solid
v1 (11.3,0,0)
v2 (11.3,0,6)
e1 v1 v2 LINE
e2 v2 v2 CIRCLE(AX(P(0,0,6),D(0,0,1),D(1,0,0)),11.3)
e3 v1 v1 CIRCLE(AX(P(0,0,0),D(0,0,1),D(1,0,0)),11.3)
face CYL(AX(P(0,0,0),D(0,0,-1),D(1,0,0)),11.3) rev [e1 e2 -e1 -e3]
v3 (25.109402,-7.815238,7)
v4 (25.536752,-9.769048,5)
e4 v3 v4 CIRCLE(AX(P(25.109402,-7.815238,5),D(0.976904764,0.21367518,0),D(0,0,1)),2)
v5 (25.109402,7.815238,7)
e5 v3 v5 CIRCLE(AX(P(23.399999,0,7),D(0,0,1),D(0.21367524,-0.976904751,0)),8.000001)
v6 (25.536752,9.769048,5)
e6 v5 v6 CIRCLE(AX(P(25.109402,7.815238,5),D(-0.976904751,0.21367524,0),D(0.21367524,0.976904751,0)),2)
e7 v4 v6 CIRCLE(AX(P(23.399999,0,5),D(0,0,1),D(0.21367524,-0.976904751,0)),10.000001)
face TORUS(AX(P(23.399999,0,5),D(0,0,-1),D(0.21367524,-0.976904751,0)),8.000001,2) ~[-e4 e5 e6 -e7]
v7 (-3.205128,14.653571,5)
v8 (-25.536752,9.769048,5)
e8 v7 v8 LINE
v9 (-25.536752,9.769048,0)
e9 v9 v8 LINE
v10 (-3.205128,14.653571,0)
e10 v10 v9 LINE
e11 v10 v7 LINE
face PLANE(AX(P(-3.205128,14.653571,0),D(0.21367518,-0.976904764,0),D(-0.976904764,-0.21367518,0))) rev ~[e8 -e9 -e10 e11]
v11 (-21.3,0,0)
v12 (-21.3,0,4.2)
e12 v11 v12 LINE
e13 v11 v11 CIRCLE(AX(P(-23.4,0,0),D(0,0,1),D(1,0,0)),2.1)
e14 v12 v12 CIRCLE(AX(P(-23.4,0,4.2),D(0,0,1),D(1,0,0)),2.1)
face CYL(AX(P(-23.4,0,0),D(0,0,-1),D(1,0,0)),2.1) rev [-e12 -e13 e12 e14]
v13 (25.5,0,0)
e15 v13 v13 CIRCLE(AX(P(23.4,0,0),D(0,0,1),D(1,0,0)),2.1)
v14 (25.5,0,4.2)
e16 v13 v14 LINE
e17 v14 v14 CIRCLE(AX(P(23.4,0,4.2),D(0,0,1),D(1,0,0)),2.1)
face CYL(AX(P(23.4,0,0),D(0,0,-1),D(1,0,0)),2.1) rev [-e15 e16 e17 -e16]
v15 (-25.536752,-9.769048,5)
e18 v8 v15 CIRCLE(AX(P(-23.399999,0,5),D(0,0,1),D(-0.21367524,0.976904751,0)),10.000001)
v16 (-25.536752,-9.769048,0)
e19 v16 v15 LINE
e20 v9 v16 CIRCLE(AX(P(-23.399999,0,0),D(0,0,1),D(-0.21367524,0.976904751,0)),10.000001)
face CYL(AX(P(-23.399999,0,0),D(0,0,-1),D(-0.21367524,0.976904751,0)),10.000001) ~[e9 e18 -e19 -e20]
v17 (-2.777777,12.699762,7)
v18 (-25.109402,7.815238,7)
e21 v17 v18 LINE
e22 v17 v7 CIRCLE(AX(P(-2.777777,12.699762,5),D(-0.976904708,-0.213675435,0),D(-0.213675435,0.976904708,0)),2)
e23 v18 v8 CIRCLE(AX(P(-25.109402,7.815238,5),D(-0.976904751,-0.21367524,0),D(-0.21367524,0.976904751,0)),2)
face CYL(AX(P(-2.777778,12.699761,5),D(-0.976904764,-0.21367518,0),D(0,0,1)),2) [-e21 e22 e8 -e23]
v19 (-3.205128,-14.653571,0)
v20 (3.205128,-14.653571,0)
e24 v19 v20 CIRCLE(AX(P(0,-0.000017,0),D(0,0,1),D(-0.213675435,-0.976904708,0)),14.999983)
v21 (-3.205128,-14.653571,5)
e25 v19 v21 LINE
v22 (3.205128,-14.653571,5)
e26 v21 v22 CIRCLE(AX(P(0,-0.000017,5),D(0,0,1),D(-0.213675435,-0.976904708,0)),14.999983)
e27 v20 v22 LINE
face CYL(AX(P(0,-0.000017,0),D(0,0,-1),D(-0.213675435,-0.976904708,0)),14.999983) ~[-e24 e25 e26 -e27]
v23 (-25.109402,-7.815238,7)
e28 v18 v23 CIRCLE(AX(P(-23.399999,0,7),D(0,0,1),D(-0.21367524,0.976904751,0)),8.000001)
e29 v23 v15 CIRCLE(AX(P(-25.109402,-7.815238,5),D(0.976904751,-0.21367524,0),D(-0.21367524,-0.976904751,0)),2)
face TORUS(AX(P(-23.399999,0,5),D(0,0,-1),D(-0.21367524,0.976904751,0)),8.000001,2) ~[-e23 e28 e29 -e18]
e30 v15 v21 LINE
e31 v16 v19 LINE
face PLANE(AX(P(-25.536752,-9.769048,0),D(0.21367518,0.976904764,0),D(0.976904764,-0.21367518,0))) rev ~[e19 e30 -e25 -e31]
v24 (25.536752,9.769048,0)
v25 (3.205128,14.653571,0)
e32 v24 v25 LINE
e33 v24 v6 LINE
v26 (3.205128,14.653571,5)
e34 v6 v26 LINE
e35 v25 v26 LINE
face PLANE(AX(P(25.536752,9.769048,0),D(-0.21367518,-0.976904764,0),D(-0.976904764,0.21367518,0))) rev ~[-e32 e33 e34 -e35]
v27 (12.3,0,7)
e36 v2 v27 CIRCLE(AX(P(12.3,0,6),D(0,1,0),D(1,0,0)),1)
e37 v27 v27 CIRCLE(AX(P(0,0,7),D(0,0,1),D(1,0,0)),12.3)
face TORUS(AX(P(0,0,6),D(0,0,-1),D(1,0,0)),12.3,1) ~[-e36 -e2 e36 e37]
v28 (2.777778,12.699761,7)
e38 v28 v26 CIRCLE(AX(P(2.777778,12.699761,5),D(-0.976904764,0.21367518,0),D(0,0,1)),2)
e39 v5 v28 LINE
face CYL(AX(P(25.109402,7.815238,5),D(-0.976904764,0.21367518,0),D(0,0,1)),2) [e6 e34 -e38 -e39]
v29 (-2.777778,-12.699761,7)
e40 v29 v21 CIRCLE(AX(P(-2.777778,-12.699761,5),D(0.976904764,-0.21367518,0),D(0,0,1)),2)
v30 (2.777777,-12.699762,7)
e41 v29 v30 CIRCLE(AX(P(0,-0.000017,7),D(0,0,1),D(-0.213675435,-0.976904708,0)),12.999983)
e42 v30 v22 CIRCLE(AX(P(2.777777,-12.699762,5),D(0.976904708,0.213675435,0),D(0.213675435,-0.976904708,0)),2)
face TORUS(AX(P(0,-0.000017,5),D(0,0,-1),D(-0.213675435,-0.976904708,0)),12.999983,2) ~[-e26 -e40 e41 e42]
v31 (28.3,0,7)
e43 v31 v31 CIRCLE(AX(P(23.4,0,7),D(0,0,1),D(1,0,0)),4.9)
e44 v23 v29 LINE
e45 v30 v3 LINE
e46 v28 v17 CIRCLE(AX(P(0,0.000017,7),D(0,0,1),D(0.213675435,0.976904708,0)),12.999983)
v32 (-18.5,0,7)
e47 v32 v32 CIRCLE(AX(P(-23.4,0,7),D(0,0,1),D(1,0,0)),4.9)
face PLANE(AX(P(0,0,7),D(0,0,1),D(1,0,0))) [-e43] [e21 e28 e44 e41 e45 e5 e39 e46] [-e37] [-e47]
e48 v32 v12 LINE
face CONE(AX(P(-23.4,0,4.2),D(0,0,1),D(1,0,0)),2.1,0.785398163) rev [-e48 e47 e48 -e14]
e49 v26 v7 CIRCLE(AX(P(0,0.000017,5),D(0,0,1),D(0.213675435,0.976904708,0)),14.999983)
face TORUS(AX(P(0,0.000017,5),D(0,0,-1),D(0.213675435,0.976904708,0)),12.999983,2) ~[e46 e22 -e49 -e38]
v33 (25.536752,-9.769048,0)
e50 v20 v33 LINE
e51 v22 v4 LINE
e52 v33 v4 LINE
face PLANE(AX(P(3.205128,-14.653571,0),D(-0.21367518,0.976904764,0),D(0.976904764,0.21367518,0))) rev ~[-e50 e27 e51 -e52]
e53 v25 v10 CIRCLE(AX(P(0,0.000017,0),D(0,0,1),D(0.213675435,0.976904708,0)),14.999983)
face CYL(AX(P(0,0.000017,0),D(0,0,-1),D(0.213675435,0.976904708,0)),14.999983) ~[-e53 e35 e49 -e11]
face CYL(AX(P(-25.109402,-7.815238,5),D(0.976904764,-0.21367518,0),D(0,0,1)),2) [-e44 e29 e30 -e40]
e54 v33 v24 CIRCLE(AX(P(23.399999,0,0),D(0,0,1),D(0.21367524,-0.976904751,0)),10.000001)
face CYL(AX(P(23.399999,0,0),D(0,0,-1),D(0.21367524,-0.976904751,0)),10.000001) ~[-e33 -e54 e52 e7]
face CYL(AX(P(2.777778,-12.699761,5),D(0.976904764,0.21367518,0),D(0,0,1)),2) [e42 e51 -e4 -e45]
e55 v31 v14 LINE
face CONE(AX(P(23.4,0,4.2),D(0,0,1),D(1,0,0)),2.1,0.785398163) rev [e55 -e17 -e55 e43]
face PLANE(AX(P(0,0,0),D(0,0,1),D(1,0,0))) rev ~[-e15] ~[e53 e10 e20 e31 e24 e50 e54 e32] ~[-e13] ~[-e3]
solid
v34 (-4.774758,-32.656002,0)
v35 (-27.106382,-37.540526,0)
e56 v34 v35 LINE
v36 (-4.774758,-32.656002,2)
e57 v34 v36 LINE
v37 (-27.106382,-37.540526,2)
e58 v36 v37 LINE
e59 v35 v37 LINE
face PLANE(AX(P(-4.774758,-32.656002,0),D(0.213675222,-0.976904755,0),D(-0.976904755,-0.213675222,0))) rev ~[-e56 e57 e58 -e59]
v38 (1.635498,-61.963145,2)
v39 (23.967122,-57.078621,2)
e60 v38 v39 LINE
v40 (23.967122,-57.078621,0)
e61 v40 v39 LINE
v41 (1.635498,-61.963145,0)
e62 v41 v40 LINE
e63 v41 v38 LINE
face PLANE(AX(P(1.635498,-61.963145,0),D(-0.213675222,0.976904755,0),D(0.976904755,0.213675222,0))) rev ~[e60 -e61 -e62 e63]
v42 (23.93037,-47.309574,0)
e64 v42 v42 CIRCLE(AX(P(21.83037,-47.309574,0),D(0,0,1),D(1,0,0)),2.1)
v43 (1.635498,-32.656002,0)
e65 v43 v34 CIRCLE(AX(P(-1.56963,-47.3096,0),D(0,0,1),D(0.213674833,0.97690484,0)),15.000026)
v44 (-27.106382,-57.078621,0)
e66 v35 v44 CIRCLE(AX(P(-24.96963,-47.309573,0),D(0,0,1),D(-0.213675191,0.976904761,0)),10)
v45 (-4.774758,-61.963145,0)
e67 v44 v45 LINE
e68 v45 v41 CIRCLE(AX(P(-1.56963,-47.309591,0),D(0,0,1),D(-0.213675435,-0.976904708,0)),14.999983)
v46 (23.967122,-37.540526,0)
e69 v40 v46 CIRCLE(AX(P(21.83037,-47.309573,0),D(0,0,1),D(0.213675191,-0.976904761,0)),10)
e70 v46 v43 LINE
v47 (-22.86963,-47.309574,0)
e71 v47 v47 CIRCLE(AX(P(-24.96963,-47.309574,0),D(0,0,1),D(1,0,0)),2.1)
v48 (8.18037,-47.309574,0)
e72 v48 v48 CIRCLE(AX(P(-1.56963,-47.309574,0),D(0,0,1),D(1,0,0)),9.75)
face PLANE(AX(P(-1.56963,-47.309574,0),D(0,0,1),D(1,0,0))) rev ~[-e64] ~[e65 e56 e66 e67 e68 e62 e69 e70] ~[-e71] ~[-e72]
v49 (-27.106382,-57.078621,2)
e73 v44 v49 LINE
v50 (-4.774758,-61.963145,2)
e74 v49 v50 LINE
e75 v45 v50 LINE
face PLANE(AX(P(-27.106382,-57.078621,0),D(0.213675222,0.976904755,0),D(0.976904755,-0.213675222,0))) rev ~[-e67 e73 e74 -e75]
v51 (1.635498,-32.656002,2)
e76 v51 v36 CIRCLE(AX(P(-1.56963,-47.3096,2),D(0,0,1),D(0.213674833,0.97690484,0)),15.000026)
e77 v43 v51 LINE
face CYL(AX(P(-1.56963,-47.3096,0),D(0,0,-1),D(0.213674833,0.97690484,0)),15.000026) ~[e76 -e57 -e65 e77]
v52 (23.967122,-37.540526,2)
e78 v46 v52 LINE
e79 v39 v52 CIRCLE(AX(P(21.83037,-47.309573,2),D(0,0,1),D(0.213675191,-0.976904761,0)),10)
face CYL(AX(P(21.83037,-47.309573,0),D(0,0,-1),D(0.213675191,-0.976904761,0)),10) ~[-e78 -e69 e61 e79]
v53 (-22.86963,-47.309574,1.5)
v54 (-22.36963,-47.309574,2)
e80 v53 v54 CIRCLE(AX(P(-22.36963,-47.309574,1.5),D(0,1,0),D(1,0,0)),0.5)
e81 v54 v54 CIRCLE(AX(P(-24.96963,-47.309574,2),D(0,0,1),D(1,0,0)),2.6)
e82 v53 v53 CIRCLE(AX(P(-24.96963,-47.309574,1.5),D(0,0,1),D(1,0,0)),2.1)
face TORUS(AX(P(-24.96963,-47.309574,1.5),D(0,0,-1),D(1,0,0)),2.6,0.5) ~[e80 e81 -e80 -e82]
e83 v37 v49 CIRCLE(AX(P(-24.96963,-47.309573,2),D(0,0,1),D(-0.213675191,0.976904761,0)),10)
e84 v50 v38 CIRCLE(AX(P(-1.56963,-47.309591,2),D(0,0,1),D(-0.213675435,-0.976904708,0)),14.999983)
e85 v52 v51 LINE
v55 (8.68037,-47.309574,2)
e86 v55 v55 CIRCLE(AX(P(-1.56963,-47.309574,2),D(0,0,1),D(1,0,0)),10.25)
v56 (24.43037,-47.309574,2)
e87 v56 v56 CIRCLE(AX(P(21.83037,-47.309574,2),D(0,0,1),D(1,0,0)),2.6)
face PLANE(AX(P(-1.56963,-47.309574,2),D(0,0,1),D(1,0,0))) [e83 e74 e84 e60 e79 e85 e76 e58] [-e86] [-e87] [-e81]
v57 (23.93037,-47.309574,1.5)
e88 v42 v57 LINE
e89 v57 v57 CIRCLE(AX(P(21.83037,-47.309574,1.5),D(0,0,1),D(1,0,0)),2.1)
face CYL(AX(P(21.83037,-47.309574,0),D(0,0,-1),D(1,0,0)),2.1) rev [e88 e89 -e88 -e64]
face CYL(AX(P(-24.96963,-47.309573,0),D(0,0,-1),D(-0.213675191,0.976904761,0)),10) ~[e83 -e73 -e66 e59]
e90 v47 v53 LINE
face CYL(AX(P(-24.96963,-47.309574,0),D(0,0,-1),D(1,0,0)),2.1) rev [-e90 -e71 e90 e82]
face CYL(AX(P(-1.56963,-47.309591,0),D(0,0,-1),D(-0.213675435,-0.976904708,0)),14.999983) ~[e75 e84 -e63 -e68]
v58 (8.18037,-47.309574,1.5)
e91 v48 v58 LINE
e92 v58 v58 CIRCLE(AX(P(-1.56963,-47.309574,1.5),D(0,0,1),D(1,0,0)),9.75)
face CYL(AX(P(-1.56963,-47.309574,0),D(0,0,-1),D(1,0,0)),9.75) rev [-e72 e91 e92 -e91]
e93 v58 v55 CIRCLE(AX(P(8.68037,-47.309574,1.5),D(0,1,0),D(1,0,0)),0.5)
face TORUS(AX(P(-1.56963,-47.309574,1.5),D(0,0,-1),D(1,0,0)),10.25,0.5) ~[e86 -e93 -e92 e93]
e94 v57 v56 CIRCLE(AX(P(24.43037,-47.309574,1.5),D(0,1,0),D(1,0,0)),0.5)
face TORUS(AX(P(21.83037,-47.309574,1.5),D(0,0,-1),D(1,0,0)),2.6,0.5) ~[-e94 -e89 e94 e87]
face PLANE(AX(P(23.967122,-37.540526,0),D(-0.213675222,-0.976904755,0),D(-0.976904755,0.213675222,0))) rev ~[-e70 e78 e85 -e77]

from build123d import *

# Parameters (mm, degrees)
F0_R     = 2.1
F0_R_2   = 11.3
F1_DEPTH = 7
F2_R     = 1
F3_R     = 2
F4_SIZE  = 2.8
F5_R     = 2.1
F5_R_2   = 9.75
F6_DEPTH = 2
F7_R     = 0.5


with BuildPart() as f1:
    # F0 (on Top) → F1 (new body)
    with BuildSketch(Plane.XY):
        with BuildLine():
            Line((-25.536752, -9.769048), (-3.205128, -14.653571))
            ThreePointArc((-3.205128, -14.653571), (0, -15), (3.205128, -14.653571))
            Line((3.205128, -14.653571), (25.536752, -9.769048))
            ThreePointArc((25.536752, -9.769048), (33.4, 0), (25.536752, 9.769048))
            Line((25.536752, 9.769048), (3.205128, 14.653571))
            ThreePointArc((3.205128, 14.653571), (0, 15), (-3.205128, 14.653571))
            Line((-3.205128, 14.653571), (-25.536752, 9.769048))
            ThreePointArc((-25.536752, 9.769048), (-33.4, 0), (-25.536752, -9.769048))
        make_face()
        with Locations((-23.4, 0)):
            Circle(F0_R, mode=Mode.SUBTRACT)
        Circle(F0_R_2, mode=Mode.SUBTRACT)
        with Locations((23.4, 0)):
            Circle(F0_R, mode=Mode.SUBTRACT)
    extrude(amount=F1_DEPTH)

    # F2
    f2_edges = [f1.edges().sort_by_distance(p)[0] for p in [
        (-11.3, 0, 7),
    ]]
    fillet(f2_edges, radius=F2_R)

    # F3
    f3_edges = [f1.edges().sort_by_distance(p)[0] for p in [
        (-33.4, 0, 7),
        (-14.37094, -12.211309, 7),
        (-14.37094, 12.211309, 7),
        (0, -15, 7),
        (14.37094, -12.211309, 7),
        (33.4, 0, 7),
        (14.37094, 12.211309, 7),
        (0, 15, 7),
    ]]
    fillet(f3_edges, radius=F3_R)

    # F4
    f4_edges = [f1.edges().sort_by_distance(p)[0] for p in [
        (-25.5, 0, 7),
        (21.3, 0, 7),
    ]]
    chamfer(f4_edges, length=F4_SIZE)


with BuildPart() as f6:
    # F5 (on Top) → F6 (new body)
    with BuildSketch(Plane.XY):
        with BuildLine():
            Line((-27.106382, -57.078621), (-4.774758, -61.963145))
            ThreePointArc((-4.774758, -61.963145), (-1.56963, -62.309574), (1.635498, -61.963145))
            Line((1.635498, -61.963145), (23.967122, -57.078621))
            ThreePointArc((23.967122, -57.078621), (31.83037, -47.309574), (23.967122, -37.540526))
            Line((23.967122, -37.540526), (1.635498, -32.656002))
            ThreePointArc((1.635498, -32.656002), (-1.56963, -32.309574), (-4.774758, -32.656002))
            Line((-4.774758, -32.656002), (-27.106382, -37.540526))
            ThreePointArc((-27.106382, -37.540526), (-34.96963, -47.309574), (-27.106382, -57.078621))
        make_face()
        with Locations((-24.96963, -47.309574)):
            Circle(F5_R, mode=Mode.SUBTRACT)
        with Locations((-1.56963, -47.309574)):
            Circle(F5_R_2, mode=Mode.SUBTRACT)
        with Locations((21.83037, -47.309574)):
            Circle(F5_R, mode=Mode.SUBTRACT)
    extrude(amount=F6_DEPTH)

    # F7
    f7_edges = [f6.edges().sort_by_distance(p)[0] for p in [
        (-27.06963, -47.309574, 2),
        (-11.31963, -47.309574, 2),
        (19.73037, -47.309574, 2),
    ]]
    fillet(f7_edges, radius=F7_R)


solid = Compound([f1.part, f6.part])
